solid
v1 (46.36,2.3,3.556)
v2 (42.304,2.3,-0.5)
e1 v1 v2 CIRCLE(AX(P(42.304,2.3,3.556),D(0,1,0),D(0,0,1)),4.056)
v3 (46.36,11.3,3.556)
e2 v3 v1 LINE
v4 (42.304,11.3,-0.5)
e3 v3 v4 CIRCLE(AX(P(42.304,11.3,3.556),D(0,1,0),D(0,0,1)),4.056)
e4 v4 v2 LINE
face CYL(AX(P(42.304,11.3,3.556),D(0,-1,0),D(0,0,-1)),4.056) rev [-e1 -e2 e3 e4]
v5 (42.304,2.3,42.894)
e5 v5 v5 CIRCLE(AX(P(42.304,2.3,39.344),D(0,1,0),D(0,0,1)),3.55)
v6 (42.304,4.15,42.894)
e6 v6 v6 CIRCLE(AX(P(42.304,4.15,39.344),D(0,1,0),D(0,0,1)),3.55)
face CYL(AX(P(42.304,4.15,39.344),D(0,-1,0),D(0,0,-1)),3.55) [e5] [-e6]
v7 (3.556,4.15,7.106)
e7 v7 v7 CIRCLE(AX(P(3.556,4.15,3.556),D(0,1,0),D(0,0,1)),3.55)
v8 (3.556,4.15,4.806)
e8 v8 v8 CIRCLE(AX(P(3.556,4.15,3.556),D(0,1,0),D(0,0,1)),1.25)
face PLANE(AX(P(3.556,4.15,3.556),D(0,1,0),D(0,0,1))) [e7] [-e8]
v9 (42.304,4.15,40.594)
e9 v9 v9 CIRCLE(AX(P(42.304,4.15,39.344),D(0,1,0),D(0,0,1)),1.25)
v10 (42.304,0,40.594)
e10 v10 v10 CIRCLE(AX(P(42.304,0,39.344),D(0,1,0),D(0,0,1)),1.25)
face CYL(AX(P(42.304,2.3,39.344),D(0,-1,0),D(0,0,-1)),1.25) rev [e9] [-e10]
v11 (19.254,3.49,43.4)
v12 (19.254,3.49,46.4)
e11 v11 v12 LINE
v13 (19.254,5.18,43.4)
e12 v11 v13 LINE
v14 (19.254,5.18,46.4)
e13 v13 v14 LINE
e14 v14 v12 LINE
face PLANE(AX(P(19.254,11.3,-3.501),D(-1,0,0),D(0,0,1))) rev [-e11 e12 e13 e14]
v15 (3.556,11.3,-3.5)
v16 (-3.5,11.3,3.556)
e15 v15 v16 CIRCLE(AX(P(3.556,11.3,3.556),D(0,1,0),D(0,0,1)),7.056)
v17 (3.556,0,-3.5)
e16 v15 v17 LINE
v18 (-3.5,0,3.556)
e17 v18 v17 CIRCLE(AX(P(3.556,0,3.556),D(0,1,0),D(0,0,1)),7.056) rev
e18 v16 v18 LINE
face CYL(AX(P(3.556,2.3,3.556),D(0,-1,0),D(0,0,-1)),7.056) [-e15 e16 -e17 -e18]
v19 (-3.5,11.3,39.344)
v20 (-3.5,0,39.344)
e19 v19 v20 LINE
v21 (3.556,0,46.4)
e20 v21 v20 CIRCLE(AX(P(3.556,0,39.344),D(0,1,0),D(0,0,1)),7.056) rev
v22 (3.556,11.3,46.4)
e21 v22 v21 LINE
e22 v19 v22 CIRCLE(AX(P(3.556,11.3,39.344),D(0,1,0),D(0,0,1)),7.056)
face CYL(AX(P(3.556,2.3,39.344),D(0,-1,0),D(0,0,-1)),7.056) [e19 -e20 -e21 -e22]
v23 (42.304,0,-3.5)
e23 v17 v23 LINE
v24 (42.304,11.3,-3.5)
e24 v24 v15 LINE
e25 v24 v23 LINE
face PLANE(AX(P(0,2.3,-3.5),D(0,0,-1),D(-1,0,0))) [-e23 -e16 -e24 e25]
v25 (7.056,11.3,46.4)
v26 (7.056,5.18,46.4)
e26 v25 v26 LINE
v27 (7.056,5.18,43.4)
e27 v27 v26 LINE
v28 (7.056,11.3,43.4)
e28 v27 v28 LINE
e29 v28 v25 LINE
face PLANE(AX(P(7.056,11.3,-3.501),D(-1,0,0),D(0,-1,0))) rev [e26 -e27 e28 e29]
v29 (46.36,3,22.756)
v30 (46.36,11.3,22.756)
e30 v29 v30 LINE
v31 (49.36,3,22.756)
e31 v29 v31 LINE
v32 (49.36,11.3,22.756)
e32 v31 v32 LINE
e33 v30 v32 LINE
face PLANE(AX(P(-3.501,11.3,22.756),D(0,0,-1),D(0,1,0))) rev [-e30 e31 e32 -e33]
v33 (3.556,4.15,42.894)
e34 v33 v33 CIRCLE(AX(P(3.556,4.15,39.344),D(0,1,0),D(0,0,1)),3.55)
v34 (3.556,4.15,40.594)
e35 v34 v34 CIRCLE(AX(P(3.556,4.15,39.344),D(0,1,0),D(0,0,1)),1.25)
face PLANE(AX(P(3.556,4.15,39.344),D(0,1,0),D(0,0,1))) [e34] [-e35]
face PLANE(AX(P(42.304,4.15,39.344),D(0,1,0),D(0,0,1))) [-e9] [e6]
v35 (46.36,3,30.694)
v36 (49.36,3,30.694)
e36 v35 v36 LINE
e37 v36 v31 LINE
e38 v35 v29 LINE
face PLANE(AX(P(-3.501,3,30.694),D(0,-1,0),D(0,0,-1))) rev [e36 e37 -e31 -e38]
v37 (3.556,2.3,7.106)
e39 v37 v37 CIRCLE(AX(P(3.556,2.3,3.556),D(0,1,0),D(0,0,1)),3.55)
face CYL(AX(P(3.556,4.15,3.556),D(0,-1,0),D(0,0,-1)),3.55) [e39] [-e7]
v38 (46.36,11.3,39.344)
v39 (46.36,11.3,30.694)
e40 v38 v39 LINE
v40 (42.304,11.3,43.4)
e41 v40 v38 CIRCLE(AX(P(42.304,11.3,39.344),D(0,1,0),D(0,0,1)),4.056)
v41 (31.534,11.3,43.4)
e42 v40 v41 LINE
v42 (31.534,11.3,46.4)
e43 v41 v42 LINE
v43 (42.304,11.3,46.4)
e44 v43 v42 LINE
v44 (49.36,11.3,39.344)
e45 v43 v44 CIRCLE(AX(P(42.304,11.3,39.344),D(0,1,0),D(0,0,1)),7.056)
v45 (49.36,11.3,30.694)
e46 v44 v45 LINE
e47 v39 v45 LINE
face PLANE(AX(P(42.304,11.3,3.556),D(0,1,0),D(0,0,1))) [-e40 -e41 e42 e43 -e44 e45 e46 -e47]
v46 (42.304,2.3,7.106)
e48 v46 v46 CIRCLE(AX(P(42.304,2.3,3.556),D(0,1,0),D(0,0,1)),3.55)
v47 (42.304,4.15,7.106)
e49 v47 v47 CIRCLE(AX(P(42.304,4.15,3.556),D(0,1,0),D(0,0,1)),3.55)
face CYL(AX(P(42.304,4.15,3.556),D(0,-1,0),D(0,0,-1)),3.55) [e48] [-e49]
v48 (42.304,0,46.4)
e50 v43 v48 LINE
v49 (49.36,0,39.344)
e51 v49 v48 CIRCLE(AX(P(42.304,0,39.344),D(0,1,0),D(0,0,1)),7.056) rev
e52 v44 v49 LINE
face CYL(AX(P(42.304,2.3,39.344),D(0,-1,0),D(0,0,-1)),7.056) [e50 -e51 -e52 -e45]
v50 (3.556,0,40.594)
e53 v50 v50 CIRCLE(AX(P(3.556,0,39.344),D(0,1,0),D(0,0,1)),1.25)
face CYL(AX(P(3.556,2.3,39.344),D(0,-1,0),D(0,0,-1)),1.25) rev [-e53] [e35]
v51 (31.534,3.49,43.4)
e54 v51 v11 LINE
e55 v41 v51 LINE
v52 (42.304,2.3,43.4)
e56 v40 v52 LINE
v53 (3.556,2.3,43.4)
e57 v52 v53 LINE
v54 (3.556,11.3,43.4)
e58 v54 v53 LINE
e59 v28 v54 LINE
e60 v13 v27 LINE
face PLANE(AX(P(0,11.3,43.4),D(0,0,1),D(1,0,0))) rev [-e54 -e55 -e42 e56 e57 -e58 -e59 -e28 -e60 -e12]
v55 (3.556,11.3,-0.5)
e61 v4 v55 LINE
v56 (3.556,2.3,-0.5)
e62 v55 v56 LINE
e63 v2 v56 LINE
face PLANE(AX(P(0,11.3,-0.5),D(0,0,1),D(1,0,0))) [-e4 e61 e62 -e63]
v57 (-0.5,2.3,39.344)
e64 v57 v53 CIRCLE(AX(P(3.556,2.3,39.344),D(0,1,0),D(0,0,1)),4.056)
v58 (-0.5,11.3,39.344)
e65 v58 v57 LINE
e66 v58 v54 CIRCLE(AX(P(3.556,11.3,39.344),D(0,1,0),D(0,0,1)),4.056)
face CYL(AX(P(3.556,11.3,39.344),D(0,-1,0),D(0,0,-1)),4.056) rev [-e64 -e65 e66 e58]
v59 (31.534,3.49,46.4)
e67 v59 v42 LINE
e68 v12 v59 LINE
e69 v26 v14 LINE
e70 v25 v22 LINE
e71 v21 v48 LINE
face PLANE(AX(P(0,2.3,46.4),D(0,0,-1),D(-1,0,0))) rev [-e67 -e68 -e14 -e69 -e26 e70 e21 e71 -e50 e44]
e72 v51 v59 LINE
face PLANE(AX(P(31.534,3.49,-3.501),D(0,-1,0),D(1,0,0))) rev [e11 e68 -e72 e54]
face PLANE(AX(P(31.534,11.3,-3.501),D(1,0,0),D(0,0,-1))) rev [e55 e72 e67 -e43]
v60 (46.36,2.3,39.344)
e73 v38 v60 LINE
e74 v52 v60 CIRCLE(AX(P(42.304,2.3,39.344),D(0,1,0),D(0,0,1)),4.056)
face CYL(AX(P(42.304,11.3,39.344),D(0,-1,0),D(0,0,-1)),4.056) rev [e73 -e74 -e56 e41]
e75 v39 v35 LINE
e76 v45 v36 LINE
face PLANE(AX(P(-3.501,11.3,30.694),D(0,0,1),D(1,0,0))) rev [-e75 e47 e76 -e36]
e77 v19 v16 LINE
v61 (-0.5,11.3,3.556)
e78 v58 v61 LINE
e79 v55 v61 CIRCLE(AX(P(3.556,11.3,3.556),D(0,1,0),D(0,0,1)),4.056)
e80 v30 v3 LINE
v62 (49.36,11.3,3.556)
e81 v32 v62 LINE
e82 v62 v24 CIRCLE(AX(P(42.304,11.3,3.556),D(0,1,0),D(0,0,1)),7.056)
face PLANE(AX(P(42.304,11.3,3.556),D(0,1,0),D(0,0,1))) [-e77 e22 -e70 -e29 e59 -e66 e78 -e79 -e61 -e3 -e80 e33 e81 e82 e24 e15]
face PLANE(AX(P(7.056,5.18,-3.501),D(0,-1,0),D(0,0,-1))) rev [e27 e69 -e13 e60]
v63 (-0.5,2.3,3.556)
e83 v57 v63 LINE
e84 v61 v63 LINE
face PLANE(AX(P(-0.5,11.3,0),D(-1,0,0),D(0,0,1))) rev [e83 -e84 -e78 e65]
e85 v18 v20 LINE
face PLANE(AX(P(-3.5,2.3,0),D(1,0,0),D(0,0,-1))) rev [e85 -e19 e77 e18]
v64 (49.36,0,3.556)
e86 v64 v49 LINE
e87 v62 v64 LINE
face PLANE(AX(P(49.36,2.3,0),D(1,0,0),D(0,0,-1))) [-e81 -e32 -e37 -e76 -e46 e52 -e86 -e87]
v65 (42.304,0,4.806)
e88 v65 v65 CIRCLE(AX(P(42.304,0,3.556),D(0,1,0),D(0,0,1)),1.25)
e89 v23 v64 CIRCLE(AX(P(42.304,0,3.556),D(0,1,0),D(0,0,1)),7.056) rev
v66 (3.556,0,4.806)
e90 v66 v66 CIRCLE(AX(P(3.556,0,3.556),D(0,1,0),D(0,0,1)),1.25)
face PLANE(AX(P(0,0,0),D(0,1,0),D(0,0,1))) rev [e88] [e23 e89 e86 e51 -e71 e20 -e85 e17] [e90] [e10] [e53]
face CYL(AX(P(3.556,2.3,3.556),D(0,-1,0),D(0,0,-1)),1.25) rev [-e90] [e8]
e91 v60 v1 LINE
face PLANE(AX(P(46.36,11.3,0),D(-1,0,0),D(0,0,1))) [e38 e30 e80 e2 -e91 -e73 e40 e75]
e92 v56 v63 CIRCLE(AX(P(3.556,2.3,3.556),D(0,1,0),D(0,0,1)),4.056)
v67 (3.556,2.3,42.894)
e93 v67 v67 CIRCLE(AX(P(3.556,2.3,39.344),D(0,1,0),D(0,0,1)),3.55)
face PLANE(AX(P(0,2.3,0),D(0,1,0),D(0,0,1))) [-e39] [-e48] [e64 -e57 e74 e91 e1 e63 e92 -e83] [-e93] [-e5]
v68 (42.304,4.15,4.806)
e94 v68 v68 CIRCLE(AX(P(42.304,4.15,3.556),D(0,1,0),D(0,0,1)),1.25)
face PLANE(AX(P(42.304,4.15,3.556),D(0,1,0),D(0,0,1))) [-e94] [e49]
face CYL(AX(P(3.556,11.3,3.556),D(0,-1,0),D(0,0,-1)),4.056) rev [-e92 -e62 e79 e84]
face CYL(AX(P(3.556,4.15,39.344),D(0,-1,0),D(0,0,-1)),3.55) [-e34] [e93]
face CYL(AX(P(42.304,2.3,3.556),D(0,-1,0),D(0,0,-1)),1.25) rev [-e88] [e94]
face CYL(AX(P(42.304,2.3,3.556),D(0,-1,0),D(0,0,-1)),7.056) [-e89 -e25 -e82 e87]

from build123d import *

# Parameters (mm, degrees)
SKETCH1_R           = 3.55
SKETCH1_R_2         = 1.25
BOSS_EXTRUDE1_DEPTH = 2.3
BOSS_EXTRUDE2_START = 2.3
SKETCH1_3_R         = 3.55
SKETCH1_3_R_2       = 1.25
BOSS_EXTRUDE2_DEPTH = 1.85
BOSS_EXTRUDE3_START = 2.3
BOSS_EXTRUDE3_DEPTH = 9
CUT_EXTRUDE3_REACH  = 73.238
SKETCH2_W           = 7.938
SKETCH2_H           = 8.3
CUT_EXTRUDE4_REACH  = 73.092
SKETCH3_W           = 13.048
SKETCH3_H           = 6.12
CUT_EXTRUDE5_REACH  = 73.092
SKETCH4_W           = 12.28
SKETCH4_H           = 7.81


with BuildPart() as part:
    # Sketch1 → Boss-Extrude1 (new body)
    # profile 1 of 7: a face of its own
    with BuildSketch(Plane(origin=(0, 0, 0), x_dir=(1, 0, 0), z_dir=(0, 1, 0))):
        with BuildLine():
            ThreePointArc((-3.5, -3.556), (-1.433345448, 1.433345448), (3.556, 3.5))
            Line((3.556, 3.5), (42.304, 3.5))
            ThreePointArc((42.304, 3.5), (47.293345448, 1.433345448), (49.36, -3.556))
            Line((49.36, -3.556), (49.36, -39.344))
            ThreePointArc((49.36, -39.344), (47.293345448, -44.333345448), (42.304, -46.4))
            Line((42.304, -46.4), (3.556, -46.4))
            ThreePointArc((3.556, -46.4), (-1.433345448, -44.333345448), (-3.5, -39.344))
            Line((-3.5, -39.344), (-3.5, -3.556))
        make_face()
        with BuildLine():
            Line((-0.5, -3.556), (-0.5, -39.344))
            ThreePointArc((-0.5, -39.344), (0.687974896, -42.212025104), (3.556, -43.4))
            Line((3.556, -43.4), (42.304, -43.4))
            ThreePointArc((42.304, -43.4), (45.172025104, -42.212025104), (46.36, -39.344))
            Line((46.36, -39.344), (46.36, -3.556))
            ThreePointArc((46.36, -3.556), (45.172025104, -0.687974896), (42.304, 0.5))
            Line((42.304, 0.5), (3.556, 0.5))
            ThreePointArc((3.556, 0.5), (0.687974896, -0.687974896), (-0.5, -3.556))
        make_face(mode=Mode.SUBTRACT)
    # profile 2 of 7: a face of its own
    with BuildSketch(Plane(origin=(0, 0, 0), x_dir=(1, 0, 0), z_dir=(0, 1, 0))):
        with BuildLine():
            ThreePointArc((-0.5, -3.556), (0.687974896, -0.687974896), (3.556, 0.5))
            Line((3.556, 0.5), (42.304, 0.5))
            ThreePointArc((42.304, 0.5), (45.172025104, -0.687974896), (46.36, -3.556))
            Line((46.36, -3.556), (46.36, -39.344))
            ThreePointArc((46.36, -39.344), (45.172025104, -42.212025104), (42.304, -43.4))
            Line((42.304, -43.4), (3.556, -43.4))
            ThreePointArc((3.556, -43.4), (0.687974896, -42.212025104), (-0.5, -39.344))
            Line((-0.5, -39.344), (-0.5, -3.556))
        make_face()
        with BuildLine():
            Line((0, -3.556), (0, -39.344))
            ThreePointArc((0, -39.344), (1.041528286, -41.858471714), (3.556, -42.9))
            Line((3.556, -42.9), (42.304, -42.9))
            ThreePointArc((42.304, -42.9), (44.818471714, -41.858471714), (45.86, -39.344))
            Line((45.86, -39.344), (45.86, -3.556))
            ThreePointArc((45.86, -3.556), (44.818471714, -1.041528286), (42.304, 0))
            Line((42.304, 0), (3.556, 0))
            ThreePointArc((3.556, 0), (1.041528286, -1.041528286), (0, -3.556))
        make_face(mode=Mode.SUBTRACT)
    # profile 3 of 7: a face of its own
    with BuildSketch(Plane(origin=(0, 0, 0), x_dir=(1, 0, 0), z_dir=(0, 1, 0))):
        with BuildLine():
            ThreePointArc((0, -3.556), (1.041528286, -1.041528286), (3.556, 0))
            Line((3.556, 0), (42.304, 0))
            ThreePointArc((42.304, 0), (44.818471714, -1.041528286), (45.86, -3.556))
            Line((45.86, -3.556), (45.86, -39.344))
            ThreePointArc((45.86, -39.344), (44.818471714, -41.858471714), (42.304, -42.9))
            Line((42.304, -42.9), (3.556, -42.9))
            ThreePointArc((3.556, -42.9), (1.041528286, -41.858471714), (0, -39.344))
            Line((0, -39.344), (0, -3.556))
        make_face()
        with Locations((3.556, -39.344)):
            Circle(SKETCH1_R, mode=Mode.SUBTRACT)
        with Locations((42.304, -39.344)):
            Circle(SKETCH1_R, mode=Mode.SUBTRACT)
        with Locations((42.304, -3.556)):
            Circle(SKETCH1_R, mode=Mode.SUBTRACT)
        with Locations((3.556, -3.556)):
            Circle(SKETCH1_R, mode=Mode.SUBTRACT)
    # profile 4 of 7: a face of its own
    with BuildSketch(Plane(origin=(0, 0, 0), x_dir=(1, 0, 0), z_dir=(0, 1, 0))):
        with Locations((42.304, -39.344)):
            Circle(SKETCH1_R)
        with Locations(Location((42.304, -39.344, 0), (0, 0, 270))):
            Circle(SKETCH1_R_2, mode=Mode.SUBTRACT)
    # profile 5 of 7: a face of its own
    with BuildSketch(Plane(origin=(0, 0, 0), x_dir=(1, 0, 0), z_dir=(0, 1, 0))):
        with Locations((3.556, -39.344)):
            Circle(SKETCH1_R)
        with Locations(Location((3.556, -39.344, 0), (0, 0, 270))):
            Circle(SKETCH1_R_2, mode=Mode.SUBTRACT)
    # profile 6 of 7: a face of its own
    with BuildSketch(Plane(origin=(0, 0, 0), x_dir=(1, 0, 0), z_dir=(0, 1, 0))):
        with Locations((3.556, -3.556)):
            Circle(SKETCH1_R)
        with Locations(Location((3.556, -3.556, 0), (0, 0, 270))):
            Circle(SKETCH1_R_2, mode=Mode.SUBTRACT)
    # profile 7 of 7: a face of its own
    with BuildSketch(Plane(origin=(0, 0, 0), x_dir=(1, 0, 0), z_dir=(0, 1, 0))):
        with Locations((42.304, -3.556)):
            Circle(SKETCH1_R)
        with Locations(Location((42.304, -3.556, 0), (0, 0, 270))):
            Circle(SKETCH1_R_2, mode=Mode.SUBTRACT)
    extrude(amount=BOSS_EXTRUDE1_DEPTH)

    # Sketch1<3> → Boss-Extrude2 (add)
    # profile 1 of 4: a face of its own
    with BuildSketch(Plane(origin=(0, 0, 0), x_dir=(1, 0, 0), z_dir=(0, 1, 0)).offset(BOSS_EXTRUDE2_START)):
        with Locations(Location((3.556, -3.556, 0), (0, 0, 270))):
            Circle(SKETCH1_3_R)
        with Locations(Location((3.556, -3.556, 0), (0, 0, 270))):
            Circle(SKETCH1_3_R_2, mode=Mode.SUBTRACT)
    # profile 2 of 4: a face of its own
    with BuildSketch(Plane(origin=(0, 0, 0), x_dir=(1, 0, 0), z_dir=(0, 1, 0)).offset(BOSS_EXTRUDE2_START)):
        with Locations(Location((42.304, -3.556, 0), (0, 0, 270))):
            Circle(SKETCH1_3_R)
        with Locations(Location((42.304, -3.556, 0), (0, 0, 270))):
            Circle(SKETCH1_3_R_2, mode=Mode.SUBTRACT)
    # profile 3 of 4: a face of its own
    with BuildSketch(Plane(origin=(0, 0, 0), x_dir=(1, 0, 0), z_dir=(0, 1, 0)).offset(BOSS_EXTRUDE2_START)):
        with Locations(Location((42.304, -39.344, 0), (0, 0, 270))):
            Circle(SKETCH1_3_R)
        with Locations(Location((42.304, -39.344, 0), (0, 0, 270))):
            Circle(SKETCH1_3_R_2, mode=Mode.SUBTRACT)
    # profile 4 of 4: a face of its own
    with BuildSketch(Plane(origin=(0, 0, 0), x_dir=(1, 0, 0), z_dir=(0, 1, 0)).offset(BOSS_EXTRUDE2_START)):
        with Locations(Location((3.556, -39.344, 0), (0, 0, 270))):
            Circle(SKETCH1_3_R)
        with Locations(Location((3.556, -39.344, 0), (0, 0, 270))):
            Circle(SKETCH1_3_R_2, mode=Mode.SUBTRACT)
    extrude(amount=BOSS_EXTRUDE2_DEPTH)

    # Sketch1<4> → Boss-Extrude3 (add)
    with BuildSketch(Plane(origin=(0, 0, 0), x_dir=(1, 0, 0), z_dir=(0, 1, 0)).offset(BOSS_EXTRUDE3_START)):
        with BuildLine():
            ThreePointArc((-3.5, -3.556), (-1.433345448, 1.433345448), (3.556, 3.5))
            Line((3.556, 3.5), (42.304, 3.5))
            ThreePointArc((42.304, 3.5), (47.293345448, 1.433345448), (49.36, -3.556))
            Line((49.36, -3.556), (49.36, -39.344))
            ThreePointArc((49.36, -39.344), (47.293345448, -44.333345448), (42.304, -46.4))
            Line((42.304, -46.4), (3.556, -46.4))
            ThreePointArc((3.556, -46.4), (-1.433345448, -44.333345448), (-3.5, -39.344))
            Line((-3.5, -39.344), (-3.5, -3.556))
        make_face()
        with BuildLine():
            Line((-0.5, -3.556), (-0.5, -39.344))
            ThreePointArc((-0.5, -39.344), (0.687974896, -42.212025104), (3.556, -43.4))
            Line((3.556, -43.4), (42.304, -43.4))
            ThreePointArc((42.304, -43.4), (45.172025104, -42.212025104), (46.36, -39.344))
            Line((46.36, -39.344), (46.36, -3.556))
            ThreePointArc((46.36, -3.556), (45.172025104, -0.687974896), (42.304, 0.5))
            Line((42.304, 0.5), (3.556, 0.5))
            ThreePointArc((3.556, 0.5), (0.687974896, -0.687974896), (-0.5, -3.556))
        make_face(mode=Mode.SUBTRACT)
    extrude(amount=BOSS_EXTRUDE3_DEPTH)

    # Sketch2 → Cut-Extrude3 (cut, up to next)
    with BuildSketch(Plane(origin=(49.36, 0, 0), x_dir=(0, 0, -1), z_dir=(1, 0, 0)), mode=Mode.PRIVATE) as cut_extrude3_sk1:
        with Locations((-26.725, 7.15)):
            Rectangle(SKETCH2_W, SKETCH2_H)
    cut_extrude3_tool1 = extrude(cut_extrude3_sk1.sketch, amount=-CUT_EXTRUDE3_REACH, mode=Mode.PRIVATE) & part.part
    add(cut_extrude3_tool1.solids().sort_by_distance((49.36, 7.15, 26.725))[0], mode=Mode.SUBTRACT)

    # Sketch3 → Cut-Extrude4 (cut, up to next)
    with BuildSketch(Plane.XY.offset(46.4), mode=Mode.PRIVATE) as cut_extrude4_sk1:
        with Locations((13.58, 8.24)):
            Rectangle(SKETCH3_W, SKETCH3_H)
    cut_extrude4_tool1 = extrude(cut_extrude4_sk1.sketch, amount=-CUT_EXTRUDE4_REACH, mode=Mode.PRIVATE) & part.part
    add(cut_extrude4_tool1.solids().sort_by_distance((13.58, 8.24, 46.4))[0], mode=Mode.SUBTRACT)

    # Sketch4 → Cut-Extrude5 (cut, up to next)
    with BuildSketch(Plane.XY.offset(46.4), mode=Mode.PRIVATE) as cut_extrude5_sk1:
        with Locations((25.394, 7.395)):
            Rectangle(SKETCH4_W, SKETCH4_H)
    cut_extrude5_tool1 = extrude(cut_extrude5_sk1.sketch, amount=-CUT_EXTRUDE5_REACH, mode=Mode.PRIVATE) & part.part
    add(cut_extrude5_tool1.solids().sort_by_distance((25.394, 7.395, 46.4))[0], mode=Mode.SUBTRACT)


solid = part.part
